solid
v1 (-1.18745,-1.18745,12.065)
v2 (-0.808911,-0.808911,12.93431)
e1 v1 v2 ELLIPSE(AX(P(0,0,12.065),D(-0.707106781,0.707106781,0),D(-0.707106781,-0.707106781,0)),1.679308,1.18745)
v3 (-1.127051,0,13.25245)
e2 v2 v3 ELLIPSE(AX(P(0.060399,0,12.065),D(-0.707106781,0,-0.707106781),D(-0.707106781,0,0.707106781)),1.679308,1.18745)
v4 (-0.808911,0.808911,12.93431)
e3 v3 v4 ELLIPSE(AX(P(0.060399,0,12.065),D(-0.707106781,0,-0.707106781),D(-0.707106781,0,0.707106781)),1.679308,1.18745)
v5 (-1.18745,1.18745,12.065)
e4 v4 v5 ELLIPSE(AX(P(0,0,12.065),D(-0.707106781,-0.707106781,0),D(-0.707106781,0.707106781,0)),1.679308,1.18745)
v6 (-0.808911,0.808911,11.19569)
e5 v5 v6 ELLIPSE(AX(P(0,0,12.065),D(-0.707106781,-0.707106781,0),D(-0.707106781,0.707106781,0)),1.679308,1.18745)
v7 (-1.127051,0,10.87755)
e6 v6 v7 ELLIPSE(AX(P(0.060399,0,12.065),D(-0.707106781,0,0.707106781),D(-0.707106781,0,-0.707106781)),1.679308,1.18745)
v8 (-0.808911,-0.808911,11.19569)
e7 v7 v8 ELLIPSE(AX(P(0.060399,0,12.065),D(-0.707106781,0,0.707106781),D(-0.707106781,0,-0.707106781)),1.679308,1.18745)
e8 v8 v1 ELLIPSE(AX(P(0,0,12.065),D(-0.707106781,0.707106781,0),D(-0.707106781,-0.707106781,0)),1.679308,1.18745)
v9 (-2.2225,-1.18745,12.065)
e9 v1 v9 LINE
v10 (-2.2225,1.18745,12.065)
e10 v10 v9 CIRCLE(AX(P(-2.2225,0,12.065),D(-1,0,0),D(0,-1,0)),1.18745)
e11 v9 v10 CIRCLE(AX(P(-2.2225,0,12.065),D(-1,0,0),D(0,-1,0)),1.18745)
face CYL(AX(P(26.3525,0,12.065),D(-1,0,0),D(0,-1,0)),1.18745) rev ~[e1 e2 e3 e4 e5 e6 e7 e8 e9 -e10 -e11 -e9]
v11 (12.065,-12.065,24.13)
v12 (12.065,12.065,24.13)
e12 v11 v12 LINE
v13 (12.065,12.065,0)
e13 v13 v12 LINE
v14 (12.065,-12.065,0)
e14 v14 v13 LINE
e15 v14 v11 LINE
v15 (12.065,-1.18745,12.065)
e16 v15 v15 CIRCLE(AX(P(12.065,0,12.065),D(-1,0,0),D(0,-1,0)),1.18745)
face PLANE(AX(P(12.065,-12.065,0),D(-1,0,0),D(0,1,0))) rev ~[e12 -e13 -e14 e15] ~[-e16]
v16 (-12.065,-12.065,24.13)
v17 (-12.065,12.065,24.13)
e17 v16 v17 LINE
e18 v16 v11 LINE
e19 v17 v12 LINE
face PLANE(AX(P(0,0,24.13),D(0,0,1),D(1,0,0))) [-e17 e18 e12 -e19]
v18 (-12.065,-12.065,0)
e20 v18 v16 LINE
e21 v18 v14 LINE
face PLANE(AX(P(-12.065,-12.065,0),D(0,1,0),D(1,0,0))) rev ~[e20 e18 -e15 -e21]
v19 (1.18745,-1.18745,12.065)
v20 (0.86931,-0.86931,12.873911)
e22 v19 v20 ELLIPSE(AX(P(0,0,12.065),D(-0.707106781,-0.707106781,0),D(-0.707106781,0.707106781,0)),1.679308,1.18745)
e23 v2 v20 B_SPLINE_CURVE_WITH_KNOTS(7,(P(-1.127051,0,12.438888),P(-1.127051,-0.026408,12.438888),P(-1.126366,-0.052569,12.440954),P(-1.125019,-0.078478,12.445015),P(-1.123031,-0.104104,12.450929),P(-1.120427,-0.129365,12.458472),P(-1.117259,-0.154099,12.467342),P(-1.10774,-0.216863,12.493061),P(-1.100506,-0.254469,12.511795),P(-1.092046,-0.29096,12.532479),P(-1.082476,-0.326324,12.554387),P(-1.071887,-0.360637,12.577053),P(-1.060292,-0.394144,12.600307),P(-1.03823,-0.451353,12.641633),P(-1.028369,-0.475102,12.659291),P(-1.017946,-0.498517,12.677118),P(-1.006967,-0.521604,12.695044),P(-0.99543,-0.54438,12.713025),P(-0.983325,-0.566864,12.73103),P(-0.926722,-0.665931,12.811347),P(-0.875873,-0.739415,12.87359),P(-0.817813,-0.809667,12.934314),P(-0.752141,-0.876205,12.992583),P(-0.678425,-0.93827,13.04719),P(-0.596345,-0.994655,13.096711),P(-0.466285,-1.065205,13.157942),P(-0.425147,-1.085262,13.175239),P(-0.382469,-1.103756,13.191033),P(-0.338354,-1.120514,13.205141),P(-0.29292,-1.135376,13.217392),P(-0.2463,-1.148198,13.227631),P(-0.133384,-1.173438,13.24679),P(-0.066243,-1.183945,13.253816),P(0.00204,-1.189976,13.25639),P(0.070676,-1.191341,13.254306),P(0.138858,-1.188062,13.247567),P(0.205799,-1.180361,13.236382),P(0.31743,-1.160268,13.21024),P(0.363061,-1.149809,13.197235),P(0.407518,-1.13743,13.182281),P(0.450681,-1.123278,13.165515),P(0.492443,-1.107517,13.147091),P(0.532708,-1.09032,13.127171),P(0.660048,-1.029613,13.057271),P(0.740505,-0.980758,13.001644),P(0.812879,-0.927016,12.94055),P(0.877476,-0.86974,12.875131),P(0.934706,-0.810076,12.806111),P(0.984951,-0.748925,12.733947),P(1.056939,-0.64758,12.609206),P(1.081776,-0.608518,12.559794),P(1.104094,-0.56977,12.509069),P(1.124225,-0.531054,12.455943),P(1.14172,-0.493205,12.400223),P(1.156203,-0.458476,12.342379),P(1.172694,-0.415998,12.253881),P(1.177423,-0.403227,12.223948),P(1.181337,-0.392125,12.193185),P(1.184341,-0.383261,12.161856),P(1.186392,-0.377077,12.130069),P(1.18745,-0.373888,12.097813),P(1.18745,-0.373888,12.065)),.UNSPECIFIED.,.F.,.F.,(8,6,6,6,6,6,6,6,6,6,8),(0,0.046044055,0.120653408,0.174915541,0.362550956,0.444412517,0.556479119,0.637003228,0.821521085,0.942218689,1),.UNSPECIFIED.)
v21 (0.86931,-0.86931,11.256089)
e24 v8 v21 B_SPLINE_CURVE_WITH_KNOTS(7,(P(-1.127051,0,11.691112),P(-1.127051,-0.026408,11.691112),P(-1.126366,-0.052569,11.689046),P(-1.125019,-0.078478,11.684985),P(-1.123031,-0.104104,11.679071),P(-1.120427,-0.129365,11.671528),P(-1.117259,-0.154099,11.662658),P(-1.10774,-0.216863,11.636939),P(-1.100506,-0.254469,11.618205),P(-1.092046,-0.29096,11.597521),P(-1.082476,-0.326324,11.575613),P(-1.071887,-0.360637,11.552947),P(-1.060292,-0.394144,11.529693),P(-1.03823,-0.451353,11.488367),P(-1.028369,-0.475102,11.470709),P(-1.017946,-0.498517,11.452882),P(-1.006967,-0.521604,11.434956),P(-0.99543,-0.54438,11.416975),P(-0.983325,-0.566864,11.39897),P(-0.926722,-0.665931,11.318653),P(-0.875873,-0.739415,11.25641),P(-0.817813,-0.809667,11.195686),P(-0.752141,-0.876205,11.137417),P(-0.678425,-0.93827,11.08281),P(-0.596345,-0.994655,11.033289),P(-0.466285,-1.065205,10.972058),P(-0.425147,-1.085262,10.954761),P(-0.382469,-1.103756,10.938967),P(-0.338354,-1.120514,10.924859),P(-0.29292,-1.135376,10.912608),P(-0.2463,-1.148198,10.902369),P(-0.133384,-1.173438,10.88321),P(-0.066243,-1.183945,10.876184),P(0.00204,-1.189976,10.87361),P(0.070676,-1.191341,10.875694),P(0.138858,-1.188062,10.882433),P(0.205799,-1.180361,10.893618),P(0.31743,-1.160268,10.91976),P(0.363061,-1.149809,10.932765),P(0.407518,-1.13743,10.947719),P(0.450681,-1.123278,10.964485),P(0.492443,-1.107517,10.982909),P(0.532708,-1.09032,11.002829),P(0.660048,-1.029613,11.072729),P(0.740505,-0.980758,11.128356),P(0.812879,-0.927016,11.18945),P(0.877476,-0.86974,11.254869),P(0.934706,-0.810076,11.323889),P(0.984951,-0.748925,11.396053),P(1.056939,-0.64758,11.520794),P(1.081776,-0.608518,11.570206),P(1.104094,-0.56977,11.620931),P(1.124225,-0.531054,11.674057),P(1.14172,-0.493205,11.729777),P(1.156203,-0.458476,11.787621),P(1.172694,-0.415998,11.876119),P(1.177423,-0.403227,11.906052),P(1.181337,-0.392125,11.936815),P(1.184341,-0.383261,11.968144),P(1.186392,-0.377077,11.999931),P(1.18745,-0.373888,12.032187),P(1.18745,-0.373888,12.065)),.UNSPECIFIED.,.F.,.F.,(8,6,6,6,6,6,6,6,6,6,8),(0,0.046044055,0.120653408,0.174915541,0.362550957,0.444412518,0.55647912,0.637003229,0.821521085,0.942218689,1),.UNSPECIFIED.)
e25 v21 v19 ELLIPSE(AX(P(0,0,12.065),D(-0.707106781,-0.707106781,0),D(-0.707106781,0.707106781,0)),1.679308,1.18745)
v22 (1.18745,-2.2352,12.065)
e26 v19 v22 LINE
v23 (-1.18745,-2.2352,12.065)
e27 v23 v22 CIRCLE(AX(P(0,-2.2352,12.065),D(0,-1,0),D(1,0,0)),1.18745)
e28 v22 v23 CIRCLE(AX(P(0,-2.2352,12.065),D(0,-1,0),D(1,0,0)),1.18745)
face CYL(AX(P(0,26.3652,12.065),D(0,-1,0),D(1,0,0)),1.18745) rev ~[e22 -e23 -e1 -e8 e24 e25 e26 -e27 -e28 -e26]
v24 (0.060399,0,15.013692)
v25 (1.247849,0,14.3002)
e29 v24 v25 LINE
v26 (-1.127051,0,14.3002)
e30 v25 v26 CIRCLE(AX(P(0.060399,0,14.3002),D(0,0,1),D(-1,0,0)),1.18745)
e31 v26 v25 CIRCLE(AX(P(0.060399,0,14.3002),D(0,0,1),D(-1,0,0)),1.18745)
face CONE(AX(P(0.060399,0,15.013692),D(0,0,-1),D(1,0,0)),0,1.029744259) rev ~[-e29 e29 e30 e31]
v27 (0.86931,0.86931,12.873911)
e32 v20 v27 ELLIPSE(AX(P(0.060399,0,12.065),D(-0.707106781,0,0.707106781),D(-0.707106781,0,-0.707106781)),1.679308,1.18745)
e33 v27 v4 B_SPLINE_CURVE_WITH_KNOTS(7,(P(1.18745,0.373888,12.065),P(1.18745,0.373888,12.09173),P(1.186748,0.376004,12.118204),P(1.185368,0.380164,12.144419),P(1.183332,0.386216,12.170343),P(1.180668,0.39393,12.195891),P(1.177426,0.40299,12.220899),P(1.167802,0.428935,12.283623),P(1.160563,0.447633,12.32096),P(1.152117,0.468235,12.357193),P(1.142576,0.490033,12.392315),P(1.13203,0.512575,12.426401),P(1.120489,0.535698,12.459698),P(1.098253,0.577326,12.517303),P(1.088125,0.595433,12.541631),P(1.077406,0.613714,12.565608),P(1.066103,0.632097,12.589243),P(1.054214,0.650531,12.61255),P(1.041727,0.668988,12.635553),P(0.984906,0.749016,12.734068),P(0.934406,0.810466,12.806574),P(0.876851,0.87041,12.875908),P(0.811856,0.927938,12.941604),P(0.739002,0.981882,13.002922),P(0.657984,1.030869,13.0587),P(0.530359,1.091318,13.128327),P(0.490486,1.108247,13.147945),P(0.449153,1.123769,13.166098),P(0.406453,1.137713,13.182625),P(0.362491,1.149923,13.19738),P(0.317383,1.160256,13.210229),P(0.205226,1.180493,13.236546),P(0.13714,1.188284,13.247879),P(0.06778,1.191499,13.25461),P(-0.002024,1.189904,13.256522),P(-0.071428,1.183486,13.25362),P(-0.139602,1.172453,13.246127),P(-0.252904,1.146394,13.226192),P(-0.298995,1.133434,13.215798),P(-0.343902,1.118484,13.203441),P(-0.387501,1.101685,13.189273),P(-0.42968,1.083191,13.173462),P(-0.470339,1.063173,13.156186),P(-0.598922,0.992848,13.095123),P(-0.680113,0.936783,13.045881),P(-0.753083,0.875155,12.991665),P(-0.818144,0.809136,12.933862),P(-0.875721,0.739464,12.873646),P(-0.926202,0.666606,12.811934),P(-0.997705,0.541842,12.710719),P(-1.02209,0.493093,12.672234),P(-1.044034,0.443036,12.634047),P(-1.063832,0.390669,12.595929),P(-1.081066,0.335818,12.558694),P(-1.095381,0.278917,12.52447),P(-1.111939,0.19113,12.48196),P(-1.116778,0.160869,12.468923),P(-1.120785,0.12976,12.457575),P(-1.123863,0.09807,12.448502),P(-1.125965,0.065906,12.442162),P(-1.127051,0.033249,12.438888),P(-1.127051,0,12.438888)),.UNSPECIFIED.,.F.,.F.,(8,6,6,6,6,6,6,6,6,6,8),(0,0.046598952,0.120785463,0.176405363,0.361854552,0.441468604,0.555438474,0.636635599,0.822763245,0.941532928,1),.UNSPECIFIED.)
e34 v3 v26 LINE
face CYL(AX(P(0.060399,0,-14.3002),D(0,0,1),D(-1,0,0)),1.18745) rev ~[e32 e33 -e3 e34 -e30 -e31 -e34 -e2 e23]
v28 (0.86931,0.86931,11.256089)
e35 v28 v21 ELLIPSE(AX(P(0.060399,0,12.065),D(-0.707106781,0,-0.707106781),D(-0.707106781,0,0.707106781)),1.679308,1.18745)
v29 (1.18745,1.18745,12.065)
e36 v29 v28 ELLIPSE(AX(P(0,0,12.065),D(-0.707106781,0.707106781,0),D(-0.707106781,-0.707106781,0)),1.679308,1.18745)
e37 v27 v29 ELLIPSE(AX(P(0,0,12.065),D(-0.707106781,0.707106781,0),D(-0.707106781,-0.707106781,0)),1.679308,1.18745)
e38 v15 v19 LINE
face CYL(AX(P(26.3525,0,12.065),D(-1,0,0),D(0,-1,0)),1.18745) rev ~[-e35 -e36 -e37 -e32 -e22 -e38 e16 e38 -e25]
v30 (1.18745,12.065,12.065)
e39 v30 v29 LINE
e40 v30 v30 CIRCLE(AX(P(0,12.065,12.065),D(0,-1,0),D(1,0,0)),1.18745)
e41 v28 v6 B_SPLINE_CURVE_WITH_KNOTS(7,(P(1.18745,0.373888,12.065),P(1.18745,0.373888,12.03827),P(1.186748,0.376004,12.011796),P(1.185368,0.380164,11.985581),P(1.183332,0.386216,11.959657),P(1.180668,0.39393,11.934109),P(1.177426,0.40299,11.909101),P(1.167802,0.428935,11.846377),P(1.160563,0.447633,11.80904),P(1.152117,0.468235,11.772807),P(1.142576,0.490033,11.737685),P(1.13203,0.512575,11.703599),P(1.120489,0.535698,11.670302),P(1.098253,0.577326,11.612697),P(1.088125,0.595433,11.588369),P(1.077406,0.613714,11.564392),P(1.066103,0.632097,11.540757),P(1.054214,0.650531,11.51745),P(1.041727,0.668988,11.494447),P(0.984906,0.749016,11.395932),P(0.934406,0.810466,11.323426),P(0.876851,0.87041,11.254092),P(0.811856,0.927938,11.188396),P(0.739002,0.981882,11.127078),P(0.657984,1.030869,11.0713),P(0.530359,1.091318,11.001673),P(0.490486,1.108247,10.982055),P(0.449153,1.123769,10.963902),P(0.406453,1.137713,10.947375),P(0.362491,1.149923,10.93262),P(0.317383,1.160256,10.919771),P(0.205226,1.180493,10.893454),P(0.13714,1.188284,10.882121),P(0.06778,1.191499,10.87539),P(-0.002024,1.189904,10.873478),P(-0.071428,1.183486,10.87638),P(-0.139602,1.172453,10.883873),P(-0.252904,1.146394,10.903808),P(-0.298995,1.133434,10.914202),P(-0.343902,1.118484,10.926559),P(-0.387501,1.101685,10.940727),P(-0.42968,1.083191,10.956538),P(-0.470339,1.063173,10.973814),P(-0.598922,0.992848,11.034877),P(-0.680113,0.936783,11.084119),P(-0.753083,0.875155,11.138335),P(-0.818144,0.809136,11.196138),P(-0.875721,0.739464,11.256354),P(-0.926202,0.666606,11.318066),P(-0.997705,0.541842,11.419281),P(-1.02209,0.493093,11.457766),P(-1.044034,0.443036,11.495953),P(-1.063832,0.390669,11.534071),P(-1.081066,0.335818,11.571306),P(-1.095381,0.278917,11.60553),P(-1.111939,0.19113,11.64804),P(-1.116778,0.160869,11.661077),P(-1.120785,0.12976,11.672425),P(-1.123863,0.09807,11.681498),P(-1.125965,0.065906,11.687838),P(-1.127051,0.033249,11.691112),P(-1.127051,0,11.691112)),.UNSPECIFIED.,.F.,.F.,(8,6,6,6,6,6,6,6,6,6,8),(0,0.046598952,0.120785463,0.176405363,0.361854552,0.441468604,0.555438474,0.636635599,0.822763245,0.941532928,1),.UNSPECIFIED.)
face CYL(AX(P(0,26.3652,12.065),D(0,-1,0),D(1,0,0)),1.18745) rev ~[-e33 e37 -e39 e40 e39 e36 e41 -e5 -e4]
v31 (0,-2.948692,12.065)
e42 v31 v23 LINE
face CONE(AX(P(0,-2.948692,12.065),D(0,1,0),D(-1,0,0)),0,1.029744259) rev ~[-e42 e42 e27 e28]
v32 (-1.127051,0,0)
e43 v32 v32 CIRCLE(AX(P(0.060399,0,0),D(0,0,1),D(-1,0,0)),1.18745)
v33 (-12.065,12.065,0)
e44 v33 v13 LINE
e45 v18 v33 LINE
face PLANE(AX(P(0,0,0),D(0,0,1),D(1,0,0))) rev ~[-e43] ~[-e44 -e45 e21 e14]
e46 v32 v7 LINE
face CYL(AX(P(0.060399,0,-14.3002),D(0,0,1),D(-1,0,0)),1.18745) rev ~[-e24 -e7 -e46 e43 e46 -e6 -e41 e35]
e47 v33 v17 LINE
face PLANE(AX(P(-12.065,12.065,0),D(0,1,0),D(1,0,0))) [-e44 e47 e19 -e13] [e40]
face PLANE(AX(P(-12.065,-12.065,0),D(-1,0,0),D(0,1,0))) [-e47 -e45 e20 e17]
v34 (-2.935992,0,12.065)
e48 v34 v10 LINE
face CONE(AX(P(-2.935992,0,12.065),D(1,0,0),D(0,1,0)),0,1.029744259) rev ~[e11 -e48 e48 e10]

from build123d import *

# Parameters (mm, degrees)
F0_W     = 24.13
F0_H     = 24.13
F1_DEPTH = 24.13
F3_D     = 2.3749
F3_DEPTH = 14.2875
F3_TIP   = 0.7134919421
F5_D     = 2.3749
F5_DEPTH = 14.3002
F5_TIP   = 0.7134919421
F7_D     = 2.3749
F7_DEPTH = 14.3002
F7_TIP   = 0.7134919421


with BuildPart() as f1:
    # F0 (on Top) → F1 (new body)
    with BuildSketch(Plane.XY):
        Rectangle(F0_W, F0_H)
    extrude(amount=F1_DEPTH)

    # F3
    with Locations(Plane.YZ.offset(12.065)):
        with Locations((0, 12.065)):
            Hole(F3_D / 2, depth=F3_DEPTH)
            with Locations((0, 0, -(F3_DEPTH + F3_TIP / 2))):  # 118° drill point
                Cone(0, F3_D / 2, F3_TIP, mode=Mode.SUBTRACT)

    # F5
    with Locations(Plane(origin=(0, 0, 0), x_dir=(1, 0, 0), z_dir=(0, 0, -1))):
        with Locations((0.0603985645, 0)):
            Hole(F5_D / 2, depth=F5_DEPTH)
            with Locations((0, 0, -(F5_DEPTH + F5_TIP / 2))):  # 118° drill point
                Cone(0, F5_D / 2, F5_TIP, mode=Mode.SUBTRACT)

    # F7
    with Locations(Plane(origin=(0, 12.065, 0), x_dir=(-1, 0, 0), z_dir=(0, 1, 0))):
        with Locations((0, 12.065)):
            Hole(F7_D / 2, depth=F7_DEPTH)
            with Locations((0, 0, -(F7_DEPTH + F7_TIP / 2))):  # 118° drill point
                Cone(0, F7_D / 2, F7_TIP, mode=Mode.SUBTRACT)


solid = f1.part
